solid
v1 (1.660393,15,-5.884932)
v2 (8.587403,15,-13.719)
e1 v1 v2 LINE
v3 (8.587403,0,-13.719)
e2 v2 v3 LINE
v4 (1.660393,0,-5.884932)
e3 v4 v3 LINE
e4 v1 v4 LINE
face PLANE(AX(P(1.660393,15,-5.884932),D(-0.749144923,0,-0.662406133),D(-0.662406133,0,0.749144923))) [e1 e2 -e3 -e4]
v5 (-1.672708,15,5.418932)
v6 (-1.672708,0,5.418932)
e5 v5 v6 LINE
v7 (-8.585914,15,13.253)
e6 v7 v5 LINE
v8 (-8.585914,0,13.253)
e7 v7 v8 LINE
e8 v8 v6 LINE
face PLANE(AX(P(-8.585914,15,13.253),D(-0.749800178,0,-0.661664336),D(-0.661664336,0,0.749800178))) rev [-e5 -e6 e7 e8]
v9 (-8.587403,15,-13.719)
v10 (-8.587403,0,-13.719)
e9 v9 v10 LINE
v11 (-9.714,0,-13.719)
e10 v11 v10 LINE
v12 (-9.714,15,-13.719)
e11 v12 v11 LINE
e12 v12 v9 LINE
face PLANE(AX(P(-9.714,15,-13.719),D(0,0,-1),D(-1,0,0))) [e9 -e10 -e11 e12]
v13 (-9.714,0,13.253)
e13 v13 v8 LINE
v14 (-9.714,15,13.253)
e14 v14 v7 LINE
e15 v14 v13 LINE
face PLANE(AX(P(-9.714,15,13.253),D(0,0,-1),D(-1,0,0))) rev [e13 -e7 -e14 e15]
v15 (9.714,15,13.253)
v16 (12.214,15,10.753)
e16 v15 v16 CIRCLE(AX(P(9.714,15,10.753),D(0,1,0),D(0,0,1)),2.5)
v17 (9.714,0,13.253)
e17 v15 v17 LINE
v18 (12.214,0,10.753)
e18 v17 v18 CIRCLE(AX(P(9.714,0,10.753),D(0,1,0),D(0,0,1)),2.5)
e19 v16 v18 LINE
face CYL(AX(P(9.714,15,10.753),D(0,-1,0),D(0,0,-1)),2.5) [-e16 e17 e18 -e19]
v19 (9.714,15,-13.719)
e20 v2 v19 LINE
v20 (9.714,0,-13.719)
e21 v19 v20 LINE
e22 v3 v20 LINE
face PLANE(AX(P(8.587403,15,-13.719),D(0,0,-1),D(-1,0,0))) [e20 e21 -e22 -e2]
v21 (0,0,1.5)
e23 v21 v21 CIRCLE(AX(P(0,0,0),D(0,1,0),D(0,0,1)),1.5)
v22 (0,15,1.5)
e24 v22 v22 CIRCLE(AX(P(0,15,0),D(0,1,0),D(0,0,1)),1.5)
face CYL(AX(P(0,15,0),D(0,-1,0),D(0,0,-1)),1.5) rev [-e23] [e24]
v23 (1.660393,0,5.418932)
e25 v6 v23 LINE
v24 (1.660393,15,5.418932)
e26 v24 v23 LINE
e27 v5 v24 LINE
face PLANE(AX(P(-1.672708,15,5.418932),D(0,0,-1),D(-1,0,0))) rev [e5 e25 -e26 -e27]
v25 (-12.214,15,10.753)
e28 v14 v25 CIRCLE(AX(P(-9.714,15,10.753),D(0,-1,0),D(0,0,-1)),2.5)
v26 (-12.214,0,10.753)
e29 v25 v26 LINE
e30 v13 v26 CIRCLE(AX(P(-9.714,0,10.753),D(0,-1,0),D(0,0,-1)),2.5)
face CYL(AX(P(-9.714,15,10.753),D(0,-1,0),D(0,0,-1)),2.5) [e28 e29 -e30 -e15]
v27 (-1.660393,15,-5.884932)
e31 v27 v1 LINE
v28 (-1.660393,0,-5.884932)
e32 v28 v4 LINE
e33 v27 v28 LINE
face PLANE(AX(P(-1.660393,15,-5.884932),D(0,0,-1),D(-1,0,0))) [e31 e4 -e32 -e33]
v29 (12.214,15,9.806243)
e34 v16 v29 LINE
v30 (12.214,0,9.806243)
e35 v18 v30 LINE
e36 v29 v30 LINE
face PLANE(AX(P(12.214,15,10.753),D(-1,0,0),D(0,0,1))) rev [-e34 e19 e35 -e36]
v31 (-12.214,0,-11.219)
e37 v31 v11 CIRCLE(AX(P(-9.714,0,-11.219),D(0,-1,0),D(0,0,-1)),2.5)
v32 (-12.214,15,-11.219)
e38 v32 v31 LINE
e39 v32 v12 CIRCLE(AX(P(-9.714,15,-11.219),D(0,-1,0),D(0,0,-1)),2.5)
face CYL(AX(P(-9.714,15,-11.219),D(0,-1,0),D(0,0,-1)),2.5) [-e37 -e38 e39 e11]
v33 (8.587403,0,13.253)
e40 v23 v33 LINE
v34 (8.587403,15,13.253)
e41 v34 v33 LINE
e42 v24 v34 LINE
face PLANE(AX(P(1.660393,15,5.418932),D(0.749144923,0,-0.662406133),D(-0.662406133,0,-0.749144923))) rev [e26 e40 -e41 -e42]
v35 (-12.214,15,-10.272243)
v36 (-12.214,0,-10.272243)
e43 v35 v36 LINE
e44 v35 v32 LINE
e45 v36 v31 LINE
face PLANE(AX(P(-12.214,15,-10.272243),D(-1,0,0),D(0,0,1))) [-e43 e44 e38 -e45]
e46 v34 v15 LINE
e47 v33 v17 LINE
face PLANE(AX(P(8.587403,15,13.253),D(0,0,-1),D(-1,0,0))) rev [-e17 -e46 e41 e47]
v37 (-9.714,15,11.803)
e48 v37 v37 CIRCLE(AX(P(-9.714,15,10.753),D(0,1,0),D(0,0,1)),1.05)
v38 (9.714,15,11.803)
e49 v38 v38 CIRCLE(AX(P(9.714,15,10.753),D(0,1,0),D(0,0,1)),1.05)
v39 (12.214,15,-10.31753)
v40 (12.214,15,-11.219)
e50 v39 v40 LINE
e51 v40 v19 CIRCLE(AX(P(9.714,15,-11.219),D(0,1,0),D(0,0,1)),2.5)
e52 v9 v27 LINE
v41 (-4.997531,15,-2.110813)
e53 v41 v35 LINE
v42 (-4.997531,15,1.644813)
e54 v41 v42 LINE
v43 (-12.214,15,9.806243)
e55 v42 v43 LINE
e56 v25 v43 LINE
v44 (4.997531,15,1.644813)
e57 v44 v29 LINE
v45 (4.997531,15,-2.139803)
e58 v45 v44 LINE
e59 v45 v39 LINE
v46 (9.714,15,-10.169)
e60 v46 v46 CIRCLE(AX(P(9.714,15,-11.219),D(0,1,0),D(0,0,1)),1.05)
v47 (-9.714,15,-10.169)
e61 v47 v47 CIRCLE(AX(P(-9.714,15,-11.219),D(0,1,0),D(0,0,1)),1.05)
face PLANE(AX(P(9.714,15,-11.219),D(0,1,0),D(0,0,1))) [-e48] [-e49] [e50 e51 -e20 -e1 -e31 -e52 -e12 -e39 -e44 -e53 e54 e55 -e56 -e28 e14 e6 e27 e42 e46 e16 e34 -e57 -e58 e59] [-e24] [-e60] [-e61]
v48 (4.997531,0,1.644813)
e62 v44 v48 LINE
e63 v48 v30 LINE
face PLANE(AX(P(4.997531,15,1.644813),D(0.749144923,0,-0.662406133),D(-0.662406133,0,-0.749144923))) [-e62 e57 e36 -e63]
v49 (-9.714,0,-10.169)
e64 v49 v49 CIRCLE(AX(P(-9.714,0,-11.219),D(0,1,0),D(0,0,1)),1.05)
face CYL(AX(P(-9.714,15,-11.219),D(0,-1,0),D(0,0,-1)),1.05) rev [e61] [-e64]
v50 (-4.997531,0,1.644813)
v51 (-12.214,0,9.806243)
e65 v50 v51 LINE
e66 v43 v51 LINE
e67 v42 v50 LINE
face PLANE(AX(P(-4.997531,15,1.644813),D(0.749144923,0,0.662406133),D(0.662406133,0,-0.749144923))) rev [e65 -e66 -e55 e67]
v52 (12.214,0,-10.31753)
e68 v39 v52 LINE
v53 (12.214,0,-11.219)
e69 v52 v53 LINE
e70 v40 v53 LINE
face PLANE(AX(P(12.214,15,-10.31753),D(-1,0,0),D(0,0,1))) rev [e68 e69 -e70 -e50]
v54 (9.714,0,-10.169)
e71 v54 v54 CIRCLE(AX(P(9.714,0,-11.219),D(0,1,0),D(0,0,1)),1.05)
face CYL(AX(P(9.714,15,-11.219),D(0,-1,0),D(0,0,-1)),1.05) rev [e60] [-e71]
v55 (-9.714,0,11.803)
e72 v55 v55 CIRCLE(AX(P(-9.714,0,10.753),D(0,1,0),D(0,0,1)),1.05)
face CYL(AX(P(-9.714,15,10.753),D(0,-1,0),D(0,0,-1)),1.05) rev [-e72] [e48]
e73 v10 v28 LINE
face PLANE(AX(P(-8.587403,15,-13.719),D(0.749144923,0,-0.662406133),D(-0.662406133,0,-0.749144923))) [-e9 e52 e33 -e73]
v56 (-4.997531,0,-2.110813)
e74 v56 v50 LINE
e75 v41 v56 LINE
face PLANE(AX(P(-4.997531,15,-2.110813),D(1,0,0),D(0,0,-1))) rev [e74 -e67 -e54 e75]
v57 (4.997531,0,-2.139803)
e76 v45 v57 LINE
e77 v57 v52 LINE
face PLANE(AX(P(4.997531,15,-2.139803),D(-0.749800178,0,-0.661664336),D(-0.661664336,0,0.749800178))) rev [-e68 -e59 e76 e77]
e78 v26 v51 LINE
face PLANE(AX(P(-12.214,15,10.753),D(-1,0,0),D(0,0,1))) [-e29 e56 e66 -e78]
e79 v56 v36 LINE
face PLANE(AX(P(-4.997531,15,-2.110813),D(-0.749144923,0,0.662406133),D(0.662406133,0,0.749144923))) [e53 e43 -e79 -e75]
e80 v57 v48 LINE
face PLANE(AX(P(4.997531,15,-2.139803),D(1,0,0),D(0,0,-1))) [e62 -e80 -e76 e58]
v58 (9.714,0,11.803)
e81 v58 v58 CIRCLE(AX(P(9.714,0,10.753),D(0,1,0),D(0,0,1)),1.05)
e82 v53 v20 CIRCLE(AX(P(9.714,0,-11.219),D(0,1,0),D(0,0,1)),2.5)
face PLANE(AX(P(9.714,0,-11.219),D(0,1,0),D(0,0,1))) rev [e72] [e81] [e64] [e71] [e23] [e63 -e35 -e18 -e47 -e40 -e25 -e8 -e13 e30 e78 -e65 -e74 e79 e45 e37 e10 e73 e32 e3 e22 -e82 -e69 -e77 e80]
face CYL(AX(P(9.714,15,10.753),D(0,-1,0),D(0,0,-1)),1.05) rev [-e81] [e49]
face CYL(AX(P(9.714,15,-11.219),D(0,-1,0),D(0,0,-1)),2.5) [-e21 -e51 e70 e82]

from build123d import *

# Parameters (mm, degrees)
SKETCH_1_R      = 1.05
SKETCH_1_R_2    = 1.5
EXTRUDE_3_DEPTH = 15


with BuildPart() as part:
    # 草图1 → 凸台-拉伸3 (new body)
    with BuildSketch(Plane(origin=(0, 0, 0), x_dir=(1, 0, 0), z_dir=(0, 1, 0))):
        with BuildLine():
            Line((-4.997530566, 2.110812699), (-12.214, 10.272242924))
            Line((-12.214, 10.272242924), (-12.214, 11.219))
            ThreePointArc((-12.214, 11.219), (-11.481766953, 12.986766953), (-9.714, 13.719))
            Line((-9.714, 13.719), (-8.587402673, 13.719))
            Line((-8.587402673, 13.719), (-1.66039255, 5.884932345))
            Line((-1.66039255, 5.884932345), (1.66039255, 5.884932345))
            Line((1.66039255, 5.884932345), (8.587402672, 13.719))
            Line((8.587402672, 13.719), (9.714, 13.719))
            ThreePointArc((9.714, 13.719), (11.481766953, 12.986766953), (12.214, 11.219))
            Line((12.214, 11.219), (12.214, 10.317530105))
            Line((12.214, 10.317530105), (4.997530566, 2.139803462))
            Line((4.997530566, 2.139803462), (4.997530566, -1.644812699))
            Line((4.997530566, -1.644812699), (12.214, -9.806242924))
            Line((12.214, -9.806242924), (12.214, -10.753))
            ThreePointArc((12.214, -10.753), (11.481766953, -12.520766953), (9.714, -13.253))
            Line((9.714, -13.253), (8.587402673, -13.253))
            Line((8.587402673, -13.253), (1.66039255, -5.418932345))
            Line((1.66039255, -5.418932345), (-1.672707789, -5.418932345))
            Line((-1.672707789, -5.418932345), (-8.585913897, -13.253))
            Line((-8.585913897, -13.253), (-9.714, -13.253))
            ThreePointArc((-9.714, -13.253), (-11.481766953, -12.520766953), (-12.214, -10.753))
            Line((-12.214, -10.753), (-12.214, -9.806242924))
            Line((-12.214, -9.806242924), (-4.997530566, -1.644812699))
            Line((-4.997530566, -1.644812699), (-4.997530566, 2.110812699))
        make_face()
        with Locations(Location((-9.714, 11.219, 0), (0, 0, 270))):
            Circle(SKETCH_1_R, mode=Mode.SUBTRACT)
        with Locations(Location((9.714, 11.219, 0), (0, 0, 270))):
            Circle(SKETCH_1_R, mode=Mode.SUBTRACT)
        with Locations(Location((-9.714, -10.753, 0), (0, 0, 270))):
            Circle(SKETCH_1_R, mode=Mode.SUBTRACT)
        with Locations(Location((9.714, -10.753, 0), (0, 0, 270))):
            Circle(SKETCH_1_R, mode=Mode.SUBTRACT)
        with Locations(Location((0, 0, 0), (0, 0, 270))):
            Circle(SKETCH_1_R_2, mode=Mode.SUBTRACT)
    extrude(amount=EXTRUDE_3_DEPTH)


solid = part.part
